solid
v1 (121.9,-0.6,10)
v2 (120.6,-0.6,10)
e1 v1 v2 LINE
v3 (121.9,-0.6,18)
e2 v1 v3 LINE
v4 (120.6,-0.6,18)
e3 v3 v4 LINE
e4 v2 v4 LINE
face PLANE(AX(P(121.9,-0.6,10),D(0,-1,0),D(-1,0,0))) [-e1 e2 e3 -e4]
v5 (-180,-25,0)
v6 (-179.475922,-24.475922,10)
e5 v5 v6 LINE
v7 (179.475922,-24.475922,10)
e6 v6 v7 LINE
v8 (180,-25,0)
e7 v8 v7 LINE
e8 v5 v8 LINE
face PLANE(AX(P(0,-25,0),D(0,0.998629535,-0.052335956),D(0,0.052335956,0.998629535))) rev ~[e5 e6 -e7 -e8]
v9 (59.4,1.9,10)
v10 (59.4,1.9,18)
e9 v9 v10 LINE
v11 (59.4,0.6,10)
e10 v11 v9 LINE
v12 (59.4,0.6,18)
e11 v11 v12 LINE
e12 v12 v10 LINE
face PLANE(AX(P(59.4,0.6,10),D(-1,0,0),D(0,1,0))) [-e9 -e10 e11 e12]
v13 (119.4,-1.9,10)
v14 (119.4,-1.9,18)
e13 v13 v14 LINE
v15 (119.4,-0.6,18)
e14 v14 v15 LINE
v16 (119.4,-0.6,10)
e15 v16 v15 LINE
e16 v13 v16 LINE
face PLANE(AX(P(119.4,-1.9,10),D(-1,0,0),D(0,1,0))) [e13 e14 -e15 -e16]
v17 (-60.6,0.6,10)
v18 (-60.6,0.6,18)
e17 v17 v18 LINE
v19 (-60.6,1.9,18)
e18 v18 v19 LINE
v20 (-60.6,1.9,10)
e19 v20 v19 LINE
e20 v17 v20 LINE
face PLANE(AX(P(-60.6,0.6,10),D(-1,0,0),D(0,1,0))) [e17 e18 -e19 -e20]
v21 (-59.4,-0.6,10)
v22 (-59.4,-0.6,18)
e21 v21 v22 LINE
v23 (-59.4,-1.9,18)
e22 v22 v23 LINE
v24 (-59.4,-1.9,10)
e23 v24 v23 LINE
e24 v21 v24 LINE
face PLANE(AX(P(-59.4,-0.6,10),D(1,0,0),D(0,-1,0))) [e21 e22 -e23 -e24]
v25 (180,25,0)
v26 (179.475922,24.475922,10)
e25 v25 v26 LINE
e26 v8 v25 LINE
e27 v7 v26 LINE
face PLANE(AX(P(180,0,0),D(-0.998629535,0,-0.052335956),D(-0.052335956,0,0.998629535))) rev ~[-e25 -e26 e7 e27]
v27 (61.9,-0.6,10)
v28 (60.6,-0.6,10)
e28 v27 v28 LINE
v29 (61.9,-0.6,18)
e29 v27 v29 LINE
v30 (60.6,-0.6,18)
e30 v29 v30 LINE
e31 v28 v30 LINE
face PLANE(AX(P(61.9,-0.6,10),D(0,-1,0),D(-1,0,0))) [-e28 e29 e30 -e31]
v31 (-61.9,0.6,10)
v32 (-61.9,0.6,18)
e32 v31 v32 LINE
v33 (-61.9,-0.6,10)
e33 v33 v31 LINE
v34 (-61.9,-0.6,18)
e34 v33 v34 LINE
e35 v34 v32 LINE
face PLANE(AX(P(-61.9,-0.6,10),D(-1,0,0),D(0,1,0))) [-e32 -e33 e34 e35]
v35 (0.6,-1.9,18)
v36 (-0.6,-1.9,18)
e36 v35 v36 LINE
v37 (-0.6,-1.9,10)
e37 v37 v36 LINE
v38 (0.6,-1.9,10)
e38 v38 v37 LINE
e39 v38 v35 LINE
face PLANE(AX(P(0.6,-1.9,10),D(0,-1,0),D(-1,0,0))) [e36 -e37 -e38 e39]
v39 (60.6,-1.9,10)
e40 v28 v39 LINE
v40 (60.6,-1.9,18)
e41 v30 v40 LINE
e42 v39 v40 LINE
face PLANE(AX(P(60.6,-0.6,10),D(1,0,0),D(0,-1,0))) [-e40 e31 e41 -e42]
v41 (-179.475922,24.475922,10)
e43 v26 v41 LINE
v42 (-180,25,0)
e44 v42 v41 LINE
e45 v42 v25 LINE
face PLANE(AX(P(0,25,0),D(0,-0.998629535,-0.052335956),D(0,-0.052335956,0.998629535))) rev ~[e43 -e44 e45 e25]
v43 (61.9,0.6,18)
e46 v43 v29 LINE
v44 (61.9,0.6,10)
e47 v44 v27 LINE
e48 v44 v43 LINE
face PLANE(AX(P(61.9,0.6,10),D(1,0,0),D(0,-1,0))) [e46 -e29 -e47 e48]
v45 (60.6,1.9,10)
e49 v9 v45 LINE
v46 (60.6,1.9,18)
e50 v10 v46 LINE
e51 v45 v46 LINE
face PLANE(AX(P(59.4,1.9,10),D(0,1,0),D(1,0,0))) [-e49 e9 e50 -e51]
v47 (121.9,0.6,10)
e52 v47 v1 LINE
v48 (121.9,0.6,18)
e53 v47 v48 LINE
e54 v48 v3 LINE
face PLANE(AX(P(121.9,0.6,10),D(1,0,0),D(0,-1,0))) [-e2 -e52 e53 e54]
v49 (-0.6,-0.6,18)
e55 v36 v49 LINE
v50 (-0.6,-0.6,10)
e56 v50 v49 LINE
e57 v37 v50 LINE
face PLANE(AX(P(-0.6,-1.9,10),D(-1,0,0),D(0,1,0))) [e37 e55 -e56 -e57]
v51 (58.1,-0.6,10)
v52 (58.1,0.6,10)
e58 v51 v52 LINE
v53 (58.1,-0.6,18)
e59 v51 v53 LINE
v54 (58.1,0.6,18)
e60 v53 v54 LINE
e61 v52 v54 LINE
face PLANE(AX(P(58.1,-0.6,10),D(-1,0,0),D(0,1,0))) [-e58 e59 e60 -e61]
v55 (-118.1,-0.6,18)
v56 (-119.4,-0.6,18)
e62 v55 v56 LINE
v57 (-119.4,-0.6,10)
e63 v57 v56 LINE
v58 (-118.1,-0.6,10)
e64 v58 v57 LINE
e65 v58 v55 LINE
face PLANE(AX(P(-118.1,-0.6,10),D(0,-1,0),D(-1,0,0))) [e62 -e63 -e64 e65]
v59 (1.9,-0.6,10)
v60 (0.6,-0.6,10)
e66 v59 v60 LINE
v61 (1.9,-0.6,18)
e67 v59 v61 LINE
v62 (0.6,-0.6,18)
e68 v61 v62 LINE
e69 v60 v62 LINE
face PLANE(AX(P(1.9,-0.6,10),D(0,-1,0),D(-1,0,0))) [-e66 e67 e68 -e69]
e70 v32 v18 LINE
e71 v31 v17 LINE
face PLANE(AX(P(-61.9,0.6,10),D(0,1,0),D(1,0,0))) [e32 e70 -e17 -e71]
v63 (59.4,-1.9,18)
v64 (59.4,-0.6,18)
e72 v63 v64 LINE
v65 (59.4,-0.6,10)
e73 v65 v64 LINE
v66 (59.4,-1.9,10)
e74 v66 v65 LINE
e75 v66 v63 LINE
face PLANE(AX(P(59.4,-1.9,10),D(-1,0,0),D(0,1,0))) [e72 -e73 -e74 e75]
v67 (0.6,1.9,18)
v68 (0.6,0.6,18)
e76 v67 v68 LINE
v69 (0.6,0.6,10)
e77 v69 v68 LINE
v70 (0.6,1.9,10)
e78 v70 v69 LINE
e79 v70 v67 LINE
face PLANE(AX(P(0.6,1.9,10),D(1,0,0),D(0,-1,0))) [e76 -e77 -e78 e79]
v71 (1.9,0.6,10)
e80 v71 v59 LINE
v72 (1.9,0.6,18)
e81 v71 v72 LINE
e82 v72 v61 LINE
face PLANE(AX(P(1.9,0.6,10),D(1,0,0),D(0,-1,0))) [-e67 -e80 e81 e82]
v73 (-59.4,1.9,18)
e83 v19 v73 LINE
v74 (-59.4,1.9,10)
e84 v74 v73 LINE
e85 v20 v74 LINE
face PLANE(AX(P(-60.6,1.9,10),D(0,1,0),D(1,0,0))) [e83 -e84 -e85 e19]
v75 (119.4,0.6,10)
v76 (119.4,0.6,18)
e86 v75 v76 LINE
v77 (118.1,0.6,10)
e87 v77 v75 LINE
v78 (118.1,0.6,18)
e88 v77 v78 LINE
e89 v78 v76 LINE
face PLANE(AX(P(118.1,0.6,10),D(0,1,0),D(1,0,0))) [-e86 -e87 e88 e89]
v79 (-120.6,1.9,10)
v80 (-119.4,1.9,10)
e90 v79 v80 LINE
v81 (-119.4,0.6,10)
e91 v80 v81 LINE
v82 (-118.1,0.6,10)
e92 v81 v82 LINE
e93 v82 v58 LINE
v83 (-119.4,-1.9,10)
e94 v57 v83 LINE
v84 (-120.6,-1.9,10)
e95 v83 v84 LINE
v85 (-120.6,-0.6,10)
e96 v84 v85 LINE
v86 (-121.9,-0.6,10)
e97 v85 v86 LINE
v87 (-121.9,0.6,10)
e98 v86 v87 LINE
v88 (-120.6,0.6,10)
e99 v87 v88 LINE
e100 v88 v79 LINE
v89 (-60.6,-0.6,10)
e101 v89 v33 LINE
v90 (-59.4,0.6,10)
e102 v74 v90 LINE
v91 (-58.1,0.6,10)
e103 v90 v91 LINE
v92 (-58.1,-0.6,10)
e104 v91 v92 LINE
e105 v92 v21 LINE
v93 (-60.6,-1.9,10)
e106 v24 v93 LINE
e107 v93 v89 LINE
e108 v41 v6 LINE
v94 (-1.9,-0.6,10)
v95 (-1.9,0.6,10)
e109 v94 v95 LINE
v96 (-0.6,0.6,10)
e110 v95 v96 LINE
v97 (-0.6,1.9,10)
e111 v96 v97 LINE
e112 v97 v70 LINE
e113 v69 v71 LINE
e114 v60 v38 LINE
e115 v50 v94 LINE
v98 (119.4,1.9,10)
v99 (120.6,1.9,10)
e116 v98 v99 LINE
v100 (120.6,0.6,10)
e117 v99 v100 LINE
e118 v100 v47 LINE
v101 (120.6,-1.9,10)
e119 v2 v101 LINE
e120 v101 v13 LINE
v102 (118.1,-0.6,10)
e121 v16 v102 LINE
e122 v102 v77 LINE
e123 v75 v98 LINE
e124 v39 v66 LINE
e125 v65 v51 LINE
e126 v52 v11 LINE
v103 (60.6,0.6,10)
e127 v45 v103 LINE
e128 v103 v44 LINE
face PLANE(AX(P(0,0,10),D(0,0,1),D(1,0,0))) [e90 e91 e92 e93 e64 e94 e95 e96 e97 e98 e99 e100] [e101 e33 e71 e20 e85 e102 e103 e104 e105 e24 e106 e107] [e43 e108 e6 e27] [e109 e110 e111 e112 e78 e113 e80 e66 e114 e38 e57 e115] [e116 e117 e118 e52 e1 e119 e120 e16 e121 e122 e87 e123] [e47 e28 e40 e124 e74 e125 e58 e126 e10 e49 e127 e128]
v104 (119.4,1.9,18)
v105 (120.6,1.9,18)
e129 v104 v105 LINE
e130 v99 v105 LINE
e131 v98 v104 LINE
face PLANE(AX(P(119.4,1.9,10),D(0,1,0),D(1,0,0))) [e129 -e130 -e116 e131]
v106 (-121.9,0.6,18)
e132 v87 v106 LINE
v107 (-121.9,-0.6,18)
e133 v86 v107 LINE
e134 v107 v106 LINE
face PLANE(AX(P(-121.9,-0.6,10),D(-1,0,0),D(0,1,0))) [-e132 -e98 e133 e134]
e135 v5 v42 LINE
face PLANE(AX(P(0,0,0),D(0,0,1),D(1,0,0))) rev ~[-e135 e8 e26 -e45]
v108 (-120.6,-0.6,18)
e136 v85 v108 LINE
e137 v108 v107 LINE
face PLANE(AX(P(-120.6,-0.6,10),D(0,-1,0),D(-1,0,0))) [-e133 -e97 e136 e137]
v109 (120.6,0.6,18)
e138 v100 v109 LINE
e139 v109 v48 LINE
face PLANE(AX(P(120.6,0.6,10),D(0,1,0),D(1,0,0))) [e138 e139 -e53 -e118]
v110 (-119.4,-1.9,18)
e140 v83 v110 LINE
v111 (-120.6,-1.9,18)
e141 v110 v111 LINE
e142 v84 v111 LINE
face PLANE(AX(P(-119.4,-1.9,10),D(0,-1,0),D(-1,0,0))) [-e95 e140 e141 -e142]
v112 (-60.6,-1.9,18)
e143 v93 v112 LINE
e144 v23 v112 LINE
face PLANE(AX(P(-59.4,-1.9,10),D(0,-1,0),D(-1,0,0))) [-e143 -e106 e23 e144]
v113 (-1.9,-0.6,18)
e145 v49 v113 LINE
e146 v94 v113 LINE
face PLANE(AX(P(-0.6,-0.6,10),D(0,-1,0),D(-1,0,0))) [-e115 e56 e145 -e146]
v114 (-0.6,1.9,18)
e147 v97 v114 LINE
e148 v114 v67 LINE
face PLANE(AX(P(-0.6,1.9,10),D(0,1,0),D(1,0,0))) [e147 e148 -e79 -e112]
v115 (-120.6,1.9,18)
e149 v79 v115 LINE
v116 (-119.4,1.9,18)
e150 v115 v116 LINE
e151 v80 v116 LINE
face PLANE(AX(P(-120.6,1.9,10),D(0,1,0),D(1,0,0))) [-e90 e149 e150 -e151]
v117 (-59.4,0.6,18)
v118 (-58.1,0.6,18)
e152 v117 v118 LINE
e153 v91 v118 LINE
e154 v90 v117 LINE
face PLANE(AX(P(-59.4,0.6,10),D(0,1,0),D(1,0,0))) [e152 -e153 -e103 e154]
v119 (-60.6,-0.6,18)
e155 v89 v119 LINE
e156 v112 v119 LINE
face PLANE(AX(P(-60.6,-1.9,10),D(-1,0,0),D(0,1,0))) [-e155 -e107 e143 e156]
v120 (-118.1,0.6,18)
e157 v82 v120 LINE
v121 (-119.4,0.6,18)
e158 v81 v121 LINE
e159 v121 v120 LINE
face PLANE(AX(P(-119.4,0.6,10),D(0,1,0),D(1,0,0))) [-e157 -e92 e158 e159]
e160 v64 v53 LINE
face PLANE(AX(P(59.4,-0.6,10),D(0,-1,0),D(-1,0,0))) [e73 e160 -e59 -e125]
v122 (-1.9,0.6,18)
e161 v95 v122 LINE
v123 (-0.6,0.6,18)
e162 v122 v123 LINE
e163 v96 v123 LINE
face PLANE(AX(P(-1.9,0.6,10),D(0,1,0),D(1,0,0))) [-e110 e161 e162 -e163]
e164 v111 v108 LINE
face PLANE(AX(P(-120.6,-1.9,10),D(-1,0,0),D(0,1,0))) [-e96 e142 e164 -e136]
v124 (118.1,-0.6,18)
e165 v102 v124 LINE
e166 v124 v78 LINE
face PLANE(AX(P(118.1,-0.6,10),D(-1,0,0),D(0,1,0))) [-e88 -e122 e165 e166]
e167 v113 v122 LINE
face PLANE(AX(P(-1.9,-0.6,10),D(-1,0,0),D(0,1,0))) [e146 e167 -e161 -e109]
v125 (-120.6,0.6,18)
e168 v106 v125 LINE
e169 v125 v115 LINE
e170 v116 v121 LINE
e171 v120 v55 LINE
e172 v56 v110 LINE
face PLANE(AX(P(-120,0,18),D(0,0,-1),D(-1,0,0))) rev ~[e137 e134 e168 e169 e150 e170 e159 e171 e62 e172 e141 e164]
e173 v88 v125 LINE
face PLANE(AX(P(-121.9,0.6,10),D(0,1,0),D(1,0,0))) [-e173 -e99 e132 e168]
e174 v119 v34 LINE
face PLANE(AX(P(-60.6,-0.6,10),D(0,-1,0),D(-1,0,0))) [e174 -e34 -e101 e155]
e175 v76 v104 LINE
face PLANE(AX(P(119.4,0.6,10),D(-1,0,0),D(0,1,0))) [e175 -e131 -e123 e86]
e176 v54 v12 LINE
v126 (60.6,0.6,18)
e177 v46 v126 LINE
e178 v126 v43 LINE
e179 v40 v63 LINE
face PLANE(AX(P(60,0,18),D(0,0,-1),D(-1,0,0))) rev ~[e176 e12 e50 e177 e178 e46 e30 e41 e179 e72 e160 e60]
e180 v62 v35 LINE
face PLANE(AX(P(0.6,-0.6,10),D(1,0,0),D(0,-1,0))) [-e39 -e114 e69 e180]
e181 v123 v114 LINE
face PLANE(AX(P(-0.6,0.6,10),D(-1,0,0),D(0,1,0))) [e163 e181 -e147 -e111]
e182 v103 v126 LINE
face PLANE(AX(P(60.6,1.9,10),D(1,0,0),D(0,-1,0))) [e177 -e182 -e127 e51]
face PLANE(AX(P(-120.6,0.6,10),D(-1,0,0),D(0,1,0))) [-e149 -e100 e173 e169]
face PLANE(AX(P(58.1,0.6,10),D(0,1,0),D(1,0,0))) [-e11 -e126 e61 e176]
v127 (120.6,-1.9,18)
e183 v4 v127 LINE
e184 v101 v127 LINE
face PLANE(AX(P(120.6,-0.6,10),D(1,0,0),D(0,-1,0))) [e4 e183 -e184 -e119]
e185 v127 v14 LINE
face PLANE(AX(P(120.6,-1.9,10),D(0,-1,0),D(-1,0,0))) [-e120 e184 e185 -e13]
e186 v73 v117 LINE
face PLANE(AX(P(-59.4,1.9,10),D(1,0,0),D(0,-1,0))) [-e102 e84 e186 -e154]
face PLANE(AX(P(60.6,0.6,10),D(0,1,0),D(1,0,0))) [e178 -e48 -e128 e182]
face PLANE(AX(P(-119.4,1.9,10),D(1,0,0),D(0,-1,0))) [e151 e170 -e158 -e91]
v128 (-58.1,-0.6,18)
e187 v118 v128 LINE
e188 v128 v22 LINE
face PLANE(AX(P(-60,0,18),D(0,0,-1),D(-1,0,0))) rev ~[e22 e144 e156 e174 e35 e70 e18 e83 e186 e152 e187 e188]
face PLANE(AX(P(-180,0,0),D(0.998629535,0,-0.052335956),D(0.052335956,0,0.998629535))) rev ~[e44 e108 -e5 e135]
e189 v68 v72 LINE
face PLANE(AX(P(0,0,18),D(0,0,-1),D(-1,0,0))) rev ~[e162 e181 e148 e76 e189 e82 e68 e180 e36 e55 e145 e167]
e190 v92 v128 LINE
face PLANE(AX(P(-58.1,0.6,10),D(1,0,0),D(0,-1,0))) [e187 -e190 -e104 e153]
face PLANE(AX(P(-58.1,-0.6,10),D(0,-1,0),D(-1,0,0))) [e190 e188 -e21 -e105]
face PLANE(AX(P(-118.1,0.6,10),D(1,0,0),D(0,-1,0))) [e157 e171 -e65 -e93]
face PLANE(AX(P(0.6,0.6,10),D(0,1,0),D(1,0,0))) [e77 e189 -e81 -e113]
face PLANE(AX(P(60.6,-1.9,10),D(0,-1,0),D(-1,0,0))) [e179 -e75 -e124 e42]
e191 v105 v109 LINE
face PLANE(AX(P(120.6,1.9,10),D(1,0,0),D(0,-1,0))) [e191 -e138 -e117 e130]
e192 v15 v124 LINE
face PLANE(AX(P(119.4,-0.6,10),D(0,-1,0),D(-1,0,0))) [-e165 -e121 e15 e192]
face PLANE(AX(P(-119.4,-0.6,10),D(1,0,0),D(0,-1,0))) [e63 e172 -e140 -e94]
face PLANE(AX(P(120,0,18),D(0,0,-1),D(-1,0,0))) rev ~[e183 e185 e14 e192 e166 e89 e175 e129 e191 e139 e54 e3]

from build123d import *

# Parameters (mm, degrees)
SKETCH_W            = 360
SKETCH_H            = 50
PAD_DEPTH           = 10
PAD_TAPER           = 3
PAD001_DEPTH        = 8
LINEARPATTERN_COUNT = 5
LINEARPATTERN_PITCH = 60


with BuildPart() as part:
    # Sketch → Pad (new body)
    with BuildSketch(Plane.XY):
        Rectangle(SKETCH_W, SKETCH_H)
    extrude(amount=PAD_DEPTH, taper=PAD_TAPER)

    # Sketch001 (on DatumPlane) → Pad001 (join)
    with BuildSketch(Plane.XY.offset(10)):
        Polygon((-120.6, 1.9), (-119.4, 1.9), (-119.4, 0.6), (-118.1, 0.6), (-118.1, -0.6), (-119.4, -0.6), (-119.4, -1.9), (-120.6, -1.9), (-120.6, -0.6), (-121.9, -0.6), (-121.9, 0.6), (-120.6, 0.6), align=None)
    pad001 = extrude(amount=PAD001_DEPTH)

    # LinearPattern: Pad001 ×5
    with Locations(*[(i * LINEARPATTERN_PITCH, 0, 0) for i in range(1, LINEARPATTERN_COUNT)]):
        add(pad001)


solid = part.part
